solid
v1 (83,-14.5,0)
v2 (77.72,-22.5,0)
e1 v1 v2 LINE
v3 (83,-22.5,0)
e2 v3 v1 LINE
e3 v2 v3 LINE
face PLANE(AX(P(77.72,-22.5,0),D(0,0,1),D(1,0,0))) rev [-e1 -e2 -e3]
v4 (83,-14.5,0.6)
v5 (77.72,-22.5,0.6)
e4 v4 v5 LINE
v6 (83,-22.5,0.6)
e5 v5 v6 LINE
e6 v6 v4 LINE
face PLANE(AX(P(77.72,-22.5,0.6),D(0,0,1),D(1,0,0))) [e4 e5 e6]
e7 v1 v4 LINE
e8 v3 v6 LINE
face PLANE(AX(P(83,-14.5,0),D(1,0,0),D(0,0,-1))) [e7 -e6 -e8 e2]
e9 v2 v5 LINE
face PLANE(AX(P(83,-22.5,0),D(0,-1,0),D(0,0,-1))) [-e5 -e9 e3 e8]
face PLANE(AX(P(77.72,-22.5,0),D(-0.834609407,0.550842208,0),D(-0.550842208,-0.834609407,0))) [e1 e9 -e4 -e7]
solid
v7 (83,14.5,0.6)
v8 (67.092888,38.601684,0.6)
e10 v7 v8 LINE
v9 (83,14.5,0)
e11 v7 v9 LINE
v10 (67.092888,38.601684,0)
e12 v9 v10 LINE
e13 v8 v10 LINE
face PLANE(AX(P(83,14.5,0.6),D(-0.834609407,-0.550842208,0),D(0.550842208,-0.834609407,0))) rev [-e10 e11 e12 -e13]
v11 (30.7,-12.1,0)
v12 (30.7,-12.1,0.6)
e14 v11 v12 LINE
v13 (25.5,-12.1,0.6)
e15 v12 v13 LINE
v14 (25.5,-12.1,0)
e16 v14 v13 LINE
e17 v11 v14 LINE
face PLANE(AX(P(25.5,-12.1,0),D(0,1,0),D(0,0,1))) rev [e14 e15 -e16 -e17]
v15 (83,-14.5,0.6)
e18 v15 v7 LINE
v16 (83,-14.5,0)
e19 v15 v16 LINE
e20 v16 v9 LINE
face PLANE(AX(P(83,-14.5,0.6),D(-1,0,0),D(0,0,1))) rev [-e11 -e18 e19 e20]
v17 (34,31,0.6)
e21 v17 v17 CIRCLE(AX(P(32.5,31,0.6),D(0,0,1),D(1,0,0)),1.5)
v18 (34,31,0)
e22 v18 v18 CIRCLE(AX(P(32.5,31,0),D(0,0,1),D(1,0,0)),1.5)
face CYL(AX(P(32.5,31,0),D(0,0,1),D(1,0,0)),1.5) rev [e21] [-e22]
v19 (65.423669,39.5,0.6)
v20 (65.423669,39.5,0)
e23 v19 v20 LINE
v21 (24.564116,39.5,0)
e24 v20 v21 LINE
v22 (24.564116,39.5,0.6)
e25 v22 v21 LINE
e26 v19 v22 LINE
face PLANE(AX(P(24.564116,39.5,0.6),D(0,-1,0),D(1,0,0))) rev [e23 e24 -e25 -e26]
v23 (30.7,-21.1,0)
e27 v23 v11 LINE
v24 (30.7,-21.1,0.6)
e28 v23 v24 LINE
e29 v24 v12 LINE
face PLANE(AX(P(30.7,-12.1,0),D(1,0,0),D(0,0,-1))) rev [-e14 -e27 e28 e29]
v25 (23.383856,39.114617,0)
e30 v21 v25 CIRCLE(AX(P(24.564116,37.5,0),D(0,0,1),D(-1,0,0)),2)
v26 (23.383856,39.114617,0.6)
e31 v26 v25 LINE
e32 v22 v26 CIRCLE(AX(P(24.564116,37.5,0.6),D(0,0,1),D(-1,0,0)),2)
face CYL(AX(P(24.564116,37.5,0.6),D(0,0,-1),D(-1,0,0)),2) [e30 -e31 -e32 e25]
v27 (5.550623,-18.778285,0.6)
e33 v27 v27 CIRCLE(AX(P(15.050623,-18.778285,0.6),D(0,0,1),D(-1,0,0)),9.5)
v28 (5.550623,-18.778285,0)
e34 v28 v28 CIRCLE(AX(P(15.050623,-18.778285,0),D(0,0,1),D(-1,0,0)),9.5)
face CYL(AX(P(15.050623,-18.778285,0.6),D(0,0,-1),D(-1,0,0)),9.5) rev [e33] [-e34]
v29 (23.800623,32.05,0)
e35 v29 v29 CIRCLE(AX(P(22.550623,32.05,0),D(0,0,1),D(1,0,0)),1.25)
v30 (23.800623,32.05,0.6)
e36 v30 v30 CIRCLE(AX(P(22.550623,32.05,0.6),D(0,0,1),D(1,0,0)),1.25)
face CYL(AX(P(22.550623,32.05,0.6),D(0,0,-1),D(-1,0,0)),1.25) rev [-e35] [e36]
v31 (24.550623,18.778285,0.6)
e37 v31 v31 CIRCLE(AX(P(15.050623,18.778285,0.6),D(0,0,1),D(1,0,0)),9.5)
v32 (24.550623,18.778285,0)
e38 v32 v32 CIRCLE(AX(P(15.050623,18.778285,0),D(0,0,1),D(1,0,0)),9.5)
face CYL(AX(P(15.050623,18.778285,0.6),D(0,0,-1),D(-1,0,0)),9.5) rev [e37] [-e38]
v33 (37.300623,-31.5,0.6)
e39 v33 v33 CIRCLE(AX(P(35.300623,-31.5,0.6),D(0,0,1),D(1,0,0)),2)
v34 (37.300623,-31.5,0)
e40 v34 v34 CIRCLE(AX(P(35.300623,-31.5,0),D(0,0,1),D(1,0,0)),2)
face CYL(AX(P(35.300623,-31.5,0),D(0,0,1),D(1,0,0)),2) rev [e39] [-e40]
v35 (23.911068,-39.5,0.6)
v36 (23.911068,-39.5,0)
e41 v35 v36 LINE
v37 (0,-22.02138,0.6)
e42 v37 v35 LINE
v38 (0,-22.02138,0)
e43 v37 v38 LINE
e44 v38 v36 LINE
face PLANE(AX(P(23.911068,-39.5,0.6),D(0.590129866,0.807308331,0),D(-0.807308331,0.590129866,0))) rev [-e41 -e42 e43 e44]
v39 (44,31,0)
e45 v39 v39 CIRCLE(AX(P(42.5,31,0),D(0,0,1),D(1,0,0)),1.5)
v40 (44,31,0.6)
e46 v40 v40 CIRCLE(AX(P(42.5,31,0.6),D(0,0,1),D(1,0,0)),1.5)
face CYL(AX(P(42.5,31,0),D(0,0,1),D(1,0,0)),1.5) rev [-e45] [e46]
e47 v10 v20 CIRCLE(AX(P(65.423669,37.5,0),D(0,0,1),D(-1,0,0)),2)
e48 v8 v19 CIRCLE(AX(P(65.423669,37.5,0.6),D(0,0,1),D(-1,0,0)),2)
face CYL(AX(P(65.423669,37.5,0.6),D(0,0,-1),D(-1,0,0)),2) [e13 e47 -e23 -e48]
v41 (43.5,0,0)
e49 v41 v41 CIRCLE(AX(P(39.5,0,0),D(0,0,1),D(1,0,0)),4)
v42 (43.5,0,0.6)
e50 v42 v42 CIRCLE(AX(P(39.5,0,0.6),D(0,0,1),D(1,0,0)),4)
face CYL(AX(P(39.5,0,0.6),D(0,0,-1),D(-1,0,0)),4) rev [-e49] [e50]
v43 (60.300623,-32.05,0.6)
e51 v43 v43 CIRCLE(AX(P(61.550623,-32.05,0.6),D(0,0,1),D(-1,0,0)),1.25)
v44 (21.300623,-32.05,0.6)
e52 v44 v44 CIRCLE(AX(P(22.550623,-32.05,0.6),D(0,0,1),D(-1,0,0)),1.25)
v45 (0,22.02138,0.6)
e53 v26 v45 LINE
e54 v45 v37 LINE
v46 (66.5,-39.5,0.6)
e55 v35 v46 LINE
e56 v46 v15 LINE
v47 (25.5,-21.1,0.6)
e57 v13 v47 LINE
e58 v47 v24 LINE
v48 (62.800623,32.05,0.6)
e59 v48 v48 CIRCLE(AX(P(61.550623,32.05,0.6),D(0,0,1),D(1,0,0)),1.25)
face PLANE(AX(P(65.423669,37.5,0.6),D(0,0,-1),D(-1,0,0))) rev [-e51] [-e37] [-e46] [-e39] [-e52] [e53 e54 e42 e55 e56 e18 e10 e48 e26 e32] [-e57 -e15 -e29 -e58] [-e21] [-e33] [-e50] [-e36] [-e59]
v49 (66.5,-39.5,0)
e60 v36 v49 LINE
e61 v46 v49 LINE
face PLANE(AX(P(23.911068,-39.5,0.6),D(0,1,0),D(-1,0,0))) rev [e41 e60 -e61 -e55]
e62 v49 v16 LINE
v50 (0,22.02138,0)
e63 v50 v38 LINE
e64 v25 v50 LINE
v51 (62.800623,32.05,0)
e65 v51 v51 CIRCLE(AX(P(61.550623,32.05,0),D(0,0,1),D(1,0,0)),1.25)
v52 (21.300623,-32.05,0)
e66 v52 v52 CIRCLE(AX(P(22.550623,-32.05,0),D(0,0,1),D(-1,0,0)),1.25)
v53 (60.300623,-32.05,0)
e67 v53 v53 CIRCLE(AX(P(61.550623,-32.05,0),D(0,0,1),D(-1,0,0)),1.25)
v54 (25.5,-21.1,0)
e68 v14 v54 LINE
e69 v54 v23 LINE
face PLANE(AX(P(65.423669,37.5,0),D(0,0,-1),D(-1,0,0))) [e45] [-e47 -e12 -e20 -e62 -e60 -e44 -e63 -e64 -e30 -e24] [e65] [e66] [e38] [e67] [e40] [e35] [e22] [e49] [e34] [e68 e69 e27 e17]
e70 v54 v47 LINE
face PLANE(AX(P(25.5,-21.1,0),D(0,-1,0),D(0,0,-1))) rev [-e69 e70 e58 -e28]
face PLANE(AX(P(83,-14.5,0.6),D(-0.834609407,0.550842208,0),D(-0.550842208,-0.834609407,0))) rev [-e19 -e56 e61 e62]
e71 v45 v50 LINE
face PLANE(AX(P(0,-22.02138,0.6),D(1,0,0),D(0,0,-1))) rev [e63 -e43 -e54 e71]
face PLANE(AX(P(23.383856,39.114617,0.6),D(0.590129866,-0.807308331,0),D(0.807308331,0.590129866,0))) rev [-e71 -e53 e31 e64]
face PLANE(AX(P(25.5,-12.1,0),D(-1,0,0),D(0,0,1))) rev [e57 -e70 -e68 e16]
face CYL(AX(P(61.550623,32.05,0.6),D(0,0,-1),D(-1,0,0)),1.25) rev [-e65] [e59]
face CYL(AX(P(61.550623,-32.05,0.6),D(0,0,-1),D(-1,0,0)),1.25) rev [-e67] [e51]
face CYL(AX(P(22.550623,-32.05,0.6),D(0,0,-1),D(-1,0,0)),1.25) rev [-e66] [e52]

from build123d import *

# Parameters (mm, degrees)
ESQUISSE3_R      = 9.5
ESQUISSE3_R_2    = 4
ESQUISSE3_R_3    = 1.25
EXTRUSION1_DEPTH = 0.6
EXTRUSION2_DEPTH = 0.6
ESQUISSE5_R      = 2
ESQUISSE5_R_2    = 1.5
ESQUISSE5_W      = 5.2
ESQUISSE5_H      = 9
EXTRUSION3_DEPTH = 0.6


with BuildPart() as part:
    # Esquisse3 → Extrusion1 (new body)
    with BuildSketch(Plane.XY):
        with BuildLine():
            Line((23.383856403, 39.114616662), (0, 22.021380389))
            Line((0, 22.021380389), (0, -22.021380389))
            Line((0, -22.021380389), (23.91106778, -39.5))
            Line((23.91106778, -39.5), (66.5, -39.5))
            Line((66.5, -39.5), (83, -14.5))
            Line((83, -14.5), (83, 14.5))
            Line((83, 14.5), (67.092888285, 38.601684417))
            ThreePointArc((67.092888285, 38.601684417), (66.371464589, 39.261159963), (65.423669472, 39.5))
            Line((65.423669472, 39.5), (24.564116135, 39.5))
            ThreePointArc((24.564116135, 39.5), (23.943323627, 39.401214523), (23.383856403, 39.114616662))
        make_face()
        with Locations((15.050623147, 18.778285182)):
            Circle(ESQUISSE3_R, mode=Mode.SUBTRACT)
        with Locations((39.5, 0)):
            Circle(ESQUISSE3_R_2, mode=Mode.SUBTRACT)
        with Locations((22.550623147, 32.05)):
            Circle(ESQUISSE3_R_3, mode=Mode.SUBTRACT)
        with Locations((61.550623147, 32.05)):
            Circle(ESQUISSE3_R_3, mode=Mode.SUBTRACT)
        with Locations(Location((61.550623147, -32.05, 0), (0, 0, 180))):  # turned: the seam where the file's is
            Circle(ESQUISSE3_R_3, mode=Mode.SUBTRACT)
        with Locations(Location((22.550623147, -32.05, 0), (0, 0, 180))):  # turned: the seam where the file's is
            Circle(ESQUISSE3_R_3, mode=Mode.SUBTRACT)
        with Locations(Location((15.050623147, -18.778285182, 0), (0, 0, 180))):  # turned: the seam where the file's is
            Circle(ESQUISSE3_R, mode=Mode.SUBTRACT)
    extrude(amount=EXTRUSION1_DEPTH)

    # Esquisse5 → Extrusion3 (cut)
    with BuildSketch(Plane.XY.offset(0.6)):
        with Locations((35.300623147, -31.5)):
            Circle(ESQUISSE5_R)
        with Locations((32.5, 31)):
            Circle(ESQUISSE5_R_2)
        with Locations((42.5, 31)):
            Circle(ESQUISSE5_R_2)
        with Locations((28.1, -16.6)):
            Rectangle(ESQUISSE5_W, ESQUISSE5_H)
    extrude(amount=-EXTRUSION3_DEPTH, mode=Mode.SUBTRACT)


with BuildPart() as body_2:
    # Esquisse4 → Extrusion2 (new body)
    with BuildSketch(Plane.XY.offset(0.6)):
        Polygon((83, -14.5), (83, -22.5), (77.72, -22.5), align=None)
    extrude(amount=-EXTRUSION2_DEPTH)


solid = Compound([part.part, body_2.part])
